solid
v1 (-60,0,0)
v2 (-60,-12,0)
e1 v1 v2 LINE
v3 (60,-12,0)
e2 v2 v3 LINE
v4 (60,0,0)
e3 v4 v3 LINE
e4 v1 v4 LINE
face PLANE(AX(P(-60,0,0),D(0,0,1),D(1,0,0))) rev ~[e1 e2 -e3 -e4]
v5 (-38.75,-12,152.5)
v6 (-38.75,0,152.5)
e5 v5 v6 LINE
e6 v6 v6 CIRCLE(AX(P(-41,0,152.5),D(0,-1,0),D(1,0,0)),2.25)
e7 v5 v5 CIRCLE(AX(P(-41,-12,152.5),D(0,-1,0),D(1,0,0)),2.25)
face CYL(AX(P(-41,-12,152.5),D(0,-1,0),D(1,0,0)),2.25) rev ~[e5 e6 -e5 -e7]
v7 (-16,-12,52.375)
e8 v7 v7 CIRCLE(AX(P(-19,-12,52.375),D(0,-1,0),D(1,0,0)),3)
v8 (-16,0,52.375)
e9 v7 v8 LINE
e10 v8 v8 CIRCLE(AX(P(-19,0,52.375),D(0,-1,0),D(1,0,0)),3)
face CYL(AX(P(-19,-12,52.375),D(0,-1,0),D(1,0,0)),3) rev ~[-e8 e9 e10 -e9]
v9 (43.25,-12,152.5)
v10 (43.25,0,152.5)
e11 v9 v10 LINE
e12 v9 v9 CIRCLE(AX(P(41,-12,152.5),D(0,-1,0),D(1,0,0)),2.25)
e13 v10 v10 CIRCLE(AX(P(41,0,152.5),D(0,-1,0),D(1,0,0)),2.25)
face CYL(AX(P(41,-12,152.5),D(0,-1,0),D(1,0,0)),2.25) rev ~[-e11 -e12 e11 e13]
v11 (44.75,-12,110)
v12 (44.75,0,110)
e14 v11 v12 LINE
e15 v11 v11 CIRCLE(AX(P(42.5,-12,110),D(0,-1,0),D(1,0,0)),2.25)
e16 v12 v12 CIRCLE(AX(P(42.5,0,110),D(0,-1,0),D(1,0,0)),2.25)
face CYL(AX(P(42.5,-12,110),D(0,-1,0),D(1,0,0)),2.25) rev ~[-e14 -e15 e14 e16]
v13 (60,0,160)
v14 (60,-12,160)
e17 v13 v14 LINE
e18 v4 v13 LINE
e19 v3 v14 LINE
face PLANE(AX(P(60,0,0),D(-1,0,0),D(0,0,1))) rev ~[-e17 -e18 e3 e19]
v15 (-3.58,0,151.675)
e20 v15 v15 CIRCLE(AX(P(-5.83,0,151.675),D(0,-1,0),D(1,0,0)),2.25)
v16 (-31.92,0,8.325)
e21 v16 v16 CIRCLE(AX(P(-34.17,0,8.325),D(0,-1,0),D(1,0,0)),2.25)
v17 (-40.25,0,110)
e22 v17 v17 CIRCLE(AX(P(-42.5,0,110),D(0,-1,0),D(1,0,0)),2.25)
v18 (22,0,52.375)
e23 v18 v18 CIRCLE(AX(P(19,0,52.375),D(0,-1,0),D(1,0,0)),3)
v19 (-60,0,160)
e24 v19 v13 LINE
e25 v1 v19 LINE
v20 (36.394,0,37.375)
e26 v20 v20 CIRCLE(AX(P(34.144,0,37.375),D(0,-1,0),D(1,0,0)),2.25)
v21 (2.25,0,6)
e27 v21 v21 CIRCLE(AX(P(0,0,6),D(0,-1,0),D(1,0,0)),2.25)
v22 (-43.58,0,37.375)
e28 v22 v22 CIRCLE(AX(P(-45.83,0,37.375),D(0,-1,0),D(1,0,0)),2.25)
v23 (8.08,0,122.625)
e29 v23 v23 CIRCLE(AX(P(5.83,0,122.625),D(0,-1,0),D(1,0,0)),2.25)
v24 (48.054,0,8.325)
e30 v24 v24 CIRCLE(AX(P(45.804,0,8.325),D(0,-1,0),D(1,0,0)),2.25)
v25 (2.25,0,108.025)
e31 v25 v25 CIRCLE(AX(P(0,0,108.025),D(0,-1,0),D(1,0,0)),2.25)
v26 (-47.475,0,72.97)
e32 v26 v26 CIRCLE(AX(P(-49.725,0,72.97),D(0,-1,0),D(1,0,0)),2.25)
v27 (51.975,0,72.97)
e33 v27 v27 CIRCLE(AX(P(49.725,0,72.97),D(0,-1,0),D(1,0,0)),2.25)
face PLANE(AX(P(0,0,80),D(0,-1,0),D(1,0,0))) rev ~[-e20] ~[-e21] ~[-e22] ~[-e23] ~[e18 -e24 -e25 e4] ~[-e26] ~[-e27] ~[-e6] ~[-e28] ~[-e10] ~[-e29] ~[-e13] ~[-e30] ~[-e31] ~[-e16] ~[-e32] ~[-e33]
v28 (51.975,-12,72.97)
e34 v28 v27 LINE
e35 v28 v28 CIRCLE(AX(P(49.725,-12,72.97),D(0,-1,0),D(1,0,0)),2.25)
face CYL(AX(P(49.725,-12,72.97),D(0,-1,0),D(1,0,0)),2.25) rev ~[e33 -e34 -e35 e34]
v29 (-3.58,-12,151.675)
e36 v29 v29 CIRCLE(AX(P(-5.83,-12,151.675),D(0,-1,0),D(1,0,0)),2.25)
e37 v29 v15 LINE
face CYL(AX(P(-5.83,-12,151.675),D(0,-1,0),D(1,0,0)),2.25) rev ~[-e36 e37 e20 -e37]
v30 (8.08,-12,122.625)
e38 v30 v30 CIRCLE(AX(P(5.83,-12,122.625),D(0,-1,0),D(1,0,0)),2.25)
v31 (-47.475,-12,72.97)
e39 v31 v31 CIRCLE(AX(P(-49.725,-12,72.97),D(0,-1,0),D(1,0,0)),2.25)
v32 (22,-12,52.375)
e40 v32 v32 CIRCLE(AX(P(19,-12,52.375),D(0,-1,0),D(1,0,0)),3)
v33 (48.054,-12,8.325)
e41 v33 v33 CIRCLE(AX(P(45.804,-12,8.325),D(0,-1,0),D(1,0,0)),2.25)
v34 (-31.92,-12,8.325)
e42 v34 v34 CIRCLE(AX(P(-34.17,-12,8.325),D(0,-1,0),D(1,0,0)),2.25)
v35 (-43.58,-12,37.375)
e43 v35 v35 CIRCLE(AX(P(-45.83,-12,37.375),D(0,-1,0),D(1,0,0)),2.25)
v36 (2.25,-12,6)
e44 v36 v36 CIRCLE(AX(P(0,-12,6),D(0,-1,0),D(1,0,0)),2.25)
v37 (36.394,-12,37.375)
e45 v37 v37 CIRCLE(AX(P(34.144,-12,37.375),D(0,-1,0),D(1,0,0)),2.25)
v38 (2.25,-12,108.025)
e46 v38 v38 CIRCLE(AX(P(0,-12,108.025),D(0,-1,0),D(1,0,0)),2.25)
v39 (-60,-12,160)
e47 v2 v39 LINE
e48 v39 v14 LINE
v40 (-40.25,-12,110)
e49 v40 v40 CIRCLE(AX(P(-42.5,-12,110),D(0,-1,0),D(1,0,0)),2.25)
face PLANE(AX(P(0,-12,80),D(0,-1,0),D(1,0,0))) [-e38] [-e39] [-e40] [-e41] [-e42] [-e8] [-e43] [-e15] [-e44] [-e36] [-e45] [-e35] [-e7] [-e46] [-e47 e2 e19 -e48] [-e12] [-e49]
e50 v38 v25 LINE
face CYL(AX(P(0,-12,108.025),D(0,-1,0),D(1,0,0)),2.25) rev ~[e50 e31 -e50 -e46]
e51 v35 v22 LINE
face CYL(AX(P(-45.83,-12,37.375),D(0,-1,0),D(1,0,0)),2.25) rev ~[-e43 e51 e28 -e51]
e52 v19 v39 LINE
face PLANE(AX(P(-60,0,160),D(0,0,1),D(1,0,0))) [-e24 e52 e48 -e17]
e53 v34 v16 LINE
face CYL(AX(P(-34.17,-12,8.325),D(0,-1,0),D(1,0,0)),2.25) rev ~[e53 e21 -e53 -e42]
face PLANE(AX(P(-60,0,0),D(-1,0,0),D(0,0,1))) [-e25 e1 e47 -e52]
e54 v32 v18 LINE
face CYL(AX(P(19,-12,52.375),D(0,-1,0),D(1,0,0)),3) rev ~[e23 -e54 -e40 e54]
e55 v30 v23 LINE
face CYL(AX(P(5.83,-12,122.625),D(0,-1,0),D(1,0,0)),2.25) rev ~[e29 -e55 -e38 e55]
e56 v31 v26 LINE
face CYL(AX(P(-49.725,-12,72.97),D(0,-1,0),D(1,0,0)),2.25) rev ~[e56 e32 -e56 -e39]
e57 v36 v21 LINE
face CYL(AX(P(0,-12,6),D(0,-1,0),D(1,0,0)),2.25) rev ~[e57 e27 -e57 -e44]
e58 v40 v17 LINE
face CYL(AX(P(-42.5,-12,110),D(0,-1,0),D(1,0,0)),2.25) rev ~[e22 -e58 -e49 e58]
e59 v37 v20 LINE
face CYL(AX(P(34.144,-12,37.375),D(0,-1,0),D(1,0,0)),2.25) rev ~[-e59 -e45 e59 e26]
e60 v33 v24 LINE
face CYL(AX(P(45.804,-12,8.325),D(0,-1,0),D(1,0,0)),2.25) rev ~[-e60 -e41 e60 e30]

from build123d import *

# Parameters (mm, degrees)
SKETCH_W      = 120
SKETCH_H      = 160
PAD_DEPTH     = 12
SKETCH001_R   = 2.25
SKETCH001_R_2 = 3
POCKET_DEPTH  = 12.001


with BuildPart() as part:
    # Sketch → Pad (new body)
    with BuildSketch(Plane.XZ):
        with Locations((0, 80)):
            Rectangle(SKETCH_W, SKETCH_H)
    extrude(amount=PAD_DEPTH)

    # Sketch001 → Pocket (cut, through all)
    with BuildSketch(Plane.XZ.offset(12)):
        with Locations((-45.83, 37.375)):
            Circle(SKETCH001_R)
        with Locations((-34.17, 8.325)):
            Circle(SKETCH001_R)
        with Locations((34.144, 37.375)):
            Circle(SKETCH001_R)
        with Locations((45.804, 8.325)):
            Circle(SKETCH001_R)
        with Locations((-5.83, 151.675)):
            Circle(SKETCH001_R)
        with Locations((5.83, 122.625)):
            Circle(SKETCH001_R)
        with Locations((-49.725, 72.97)):
            Circle(SKETCH001_R)
        with Locations((49.725, 72.97)):
            Circle(SKETCH001_R)
        with Locations((0, 108.025)):
            Circle(SKETCH001_R)
        with Locations((-19, 52.375)):
            Circle(SKETCH001_R_2)
        with Locations((19, 52.375)):
            Circle(SKETCH001_R_2)
        with Locations((0, 6)):
            Circle(SKETCH001_R)
        with Locations((-41, 152.5)):
            Circle(SKETCH001_R)
        with Locations((41, 152.5)):
            Circle(SKETCH001_R)
        with Locations((-42.5, 110)):
            Circle(SKETCH001_R)
        with Locations((42.5, 110)):
            Circle(SKETCH001_R)
    extrude(amount=-POCKET_DEPTH, mode=Mode.SUBTRACT)


solid = part.part
